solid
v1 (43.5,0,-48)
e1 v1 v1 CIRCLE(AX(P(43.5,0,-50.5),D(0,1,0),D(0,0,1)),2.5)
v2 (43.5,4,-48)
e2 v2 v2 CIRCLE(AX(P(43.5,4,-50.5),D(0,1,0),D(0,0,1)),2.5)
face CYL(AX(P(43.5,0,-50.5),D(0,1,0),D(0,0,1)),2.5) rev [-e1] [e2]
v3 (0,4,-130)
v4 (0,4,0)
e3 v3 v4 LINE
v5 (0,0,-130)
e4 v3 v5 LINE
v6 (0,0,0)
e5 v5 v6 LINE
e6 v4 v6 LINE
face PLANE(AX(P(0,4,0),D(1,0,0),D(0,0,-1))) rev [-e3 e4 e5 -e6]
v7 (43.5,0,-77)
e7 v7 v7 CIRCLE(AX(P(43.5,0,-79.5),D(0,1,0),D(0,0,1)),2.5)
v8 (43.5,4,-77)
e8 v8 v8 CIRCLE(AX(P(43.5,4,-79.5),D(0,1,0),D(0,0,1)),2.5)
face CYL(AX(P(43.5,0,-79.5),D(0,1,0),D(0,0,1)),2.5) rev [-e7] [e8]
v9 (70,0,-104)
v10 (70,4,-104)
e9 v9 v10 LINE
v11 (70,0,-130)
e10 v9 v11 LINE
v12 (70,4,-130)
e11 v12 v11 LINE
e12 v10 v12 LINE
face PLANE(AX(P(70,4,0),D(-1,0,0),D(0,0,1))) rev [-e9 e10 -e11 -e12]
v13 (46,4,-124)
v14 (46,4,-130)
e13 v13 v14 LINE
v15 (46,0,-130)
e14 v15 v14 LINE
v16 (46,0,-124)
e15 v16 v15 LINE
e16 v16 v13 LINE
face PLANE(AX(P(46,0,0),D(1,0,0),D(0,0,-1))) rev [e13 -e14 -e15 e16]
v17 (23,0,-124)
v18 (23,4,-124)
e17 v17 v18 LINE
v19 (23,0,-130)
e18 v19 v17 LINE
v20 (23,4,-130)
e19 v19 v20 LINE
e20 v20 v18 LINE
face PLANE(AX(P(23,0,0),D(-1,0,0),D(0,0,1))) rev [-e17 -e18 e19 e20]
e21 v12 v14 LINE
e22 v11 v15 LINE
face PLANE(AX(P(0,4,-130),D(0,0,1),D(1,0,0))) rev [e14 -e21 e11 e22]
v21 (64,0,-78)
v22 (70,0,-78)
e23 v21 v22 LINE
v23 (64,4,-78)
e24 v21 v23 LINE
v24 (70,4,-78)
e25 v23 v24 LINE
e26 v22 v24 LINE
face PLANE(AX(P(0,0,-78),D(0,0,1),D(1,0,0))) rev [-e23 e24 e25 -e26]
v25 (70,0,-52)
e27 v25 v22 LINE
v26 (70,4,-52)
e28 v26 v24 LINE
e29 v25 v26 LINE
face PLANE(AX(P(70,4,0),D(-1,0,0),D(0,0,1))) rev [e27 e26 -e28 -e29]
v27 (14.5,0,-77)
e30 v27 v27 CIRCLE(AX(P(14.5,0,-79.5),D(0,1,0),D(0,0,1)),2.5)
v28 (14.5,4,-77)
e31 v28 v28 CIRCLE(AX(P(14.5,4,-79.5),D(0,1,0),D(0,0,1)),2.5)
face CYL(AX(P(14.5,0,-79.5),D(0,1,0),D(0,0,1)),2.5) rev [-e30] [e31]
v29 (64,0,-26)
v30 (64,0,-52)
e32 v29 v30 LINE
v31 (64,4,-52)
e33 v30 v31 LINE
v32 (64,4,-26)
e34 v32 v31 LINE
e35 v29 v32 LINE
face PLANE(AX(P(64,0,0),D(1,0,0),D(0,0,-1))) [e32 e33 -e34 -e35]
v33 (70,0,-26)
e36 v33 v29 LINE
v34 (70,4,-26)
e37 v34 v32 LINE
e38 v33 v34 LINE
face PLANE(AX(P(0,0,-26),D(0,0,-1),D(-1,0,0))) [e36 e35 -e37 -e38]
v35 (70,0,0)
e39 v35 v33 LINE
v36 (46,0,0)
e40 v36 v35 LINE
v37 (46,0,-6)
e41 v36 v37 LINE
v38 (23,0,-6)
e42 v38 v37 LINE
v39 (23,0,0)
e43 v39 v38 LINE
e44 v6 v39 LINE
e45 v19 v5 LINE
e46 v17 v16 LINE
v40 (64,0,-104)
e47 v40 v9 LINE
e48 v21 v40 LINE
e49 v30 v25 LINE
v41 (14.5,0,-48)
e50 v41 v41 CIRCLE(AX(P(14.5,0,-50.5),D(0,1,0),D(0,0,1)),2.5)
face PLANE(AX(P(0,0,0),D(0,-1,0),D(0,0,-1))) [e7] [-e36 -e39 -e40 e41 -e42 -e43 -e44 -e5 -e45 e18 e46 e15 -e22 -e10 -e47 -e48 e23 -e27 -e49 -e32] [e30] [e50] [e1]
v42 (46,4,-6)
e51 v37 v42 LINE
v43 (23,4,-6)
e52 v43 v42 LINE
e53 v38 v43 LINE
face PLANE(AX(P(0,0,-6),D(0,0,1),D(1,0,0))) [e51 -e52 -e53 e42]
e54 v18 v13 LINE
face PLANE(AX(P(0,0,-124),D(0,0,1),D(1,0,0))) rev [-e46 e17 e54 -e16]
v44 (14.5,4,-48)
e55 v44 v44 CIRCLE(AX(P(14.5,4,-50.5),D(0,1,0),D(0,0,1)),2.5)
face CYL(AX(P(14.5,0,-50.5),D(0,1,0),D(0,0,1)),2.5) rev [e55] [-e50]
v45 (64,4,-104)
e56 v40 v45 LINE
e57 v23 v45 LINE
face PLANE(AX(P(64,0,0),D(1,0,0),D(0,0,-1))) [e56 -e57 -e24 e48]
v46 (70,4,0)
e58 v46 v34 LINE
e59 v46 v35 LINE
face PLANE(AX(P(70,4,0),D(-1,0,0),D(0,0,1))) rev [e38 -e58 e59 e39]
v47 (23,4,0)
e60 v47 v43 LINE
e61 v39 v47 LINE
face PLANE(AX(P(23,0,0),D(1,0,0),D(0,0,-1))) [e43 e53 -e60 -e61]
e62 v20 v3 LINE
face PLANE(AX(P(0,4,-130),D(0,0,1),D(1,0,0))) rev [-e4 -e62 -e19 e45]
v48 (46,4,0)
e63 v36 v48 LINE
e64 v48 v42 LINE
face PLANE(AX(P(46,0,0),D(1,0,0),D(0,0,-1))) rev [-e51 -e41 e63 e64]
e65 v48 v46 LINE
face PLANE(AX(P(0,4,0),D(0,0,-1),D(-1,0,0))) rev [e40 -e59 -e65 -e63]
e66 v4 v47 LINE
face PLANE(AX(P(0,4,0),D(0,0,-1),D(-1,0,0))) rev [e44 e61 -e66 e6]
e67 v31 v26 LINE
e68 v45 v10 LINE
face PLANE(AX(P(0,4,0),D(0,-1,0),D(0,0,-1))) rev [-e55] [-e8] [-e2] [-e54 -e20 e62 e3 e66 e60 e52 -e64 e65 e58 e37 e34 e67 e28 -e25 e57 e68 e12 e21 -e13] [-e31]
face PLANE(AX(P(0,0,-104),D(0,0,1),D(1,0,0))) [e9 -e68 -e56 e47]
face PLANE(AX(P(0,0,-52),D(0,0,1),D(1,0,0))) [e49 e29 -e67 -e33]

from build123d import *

# Parameters (mm, degrees)
SKETCH1_W           = 70
SKETCH1_H           = 130
BOSS_EXTRUDE1_DEPTH = 4
CUT_EXTRUDE1_DEPTH  = 148.702403501
SKETCH3_W           = 23
SKETCH3_H           = 6
SKETCH3_W_2         = 6
SKETCH3_H_2         = 26
CUT_EXTRUDE2_DEPTH  = 148.702403501


with BuildPart() as part:
    # Sketch1 → Boss-Extrude1 (new body)
    with BuildSketch(Plane(origin=(0, 0, 0), x_dir=(1, 0, 0), z_dir=(0, 1, 0))):
        with Locations((35, 65)):
            Rectangle(SKETCH1_W, SKETCH1_H)
    extrude(amount=BOSS_EXTRUDE1_DEPTH)

    # Sketch2 → Cut-Extrude1 (cut, through all)
    with BuildSketch(Plane(origin=(0, 4, 0), x_dir=(1, 0, 0), z_dir=(0, 1, 0))):
        with BuildLine():
            ThreePointArc((17, 79.5), (12.732233047, 81.267766953), (14.5, 77))
            Line((14.5, 77), (14.5, 79.5))
            Line((14.5, 79.5), (17, 79.5))
        make_face()
        with BuildLine():
            Line((14.5, 79.5), (14.5, 77))
            ThreePointArc((14.5, 77), (16.267766953, 77.732233047), (17, 79.5))
            Line((17, 79.5), (14.5, 79.5))
        make_face()
        with BuildLine():
            Line((14.5, 53), (14.5, 50.5))
            Line((14.5, 50.5), (17, 50.5))
            ThreePointArc((17, 50.5), (16.267766953, 52.267766953), (14.5, 53))
        make_face()
        with BuildLine():
            Line((17, 50.5), (14.5, 50.5))
            Line((14.5, 50.5), (14.5, 53))
            ThreePointArc((14.5, 53), (12.732233047, 48.732233047), (17, 50.5))
        make_face()
        with BuildLine():
            ThreePointArc((43.5, 53), (41.732233047, 52.267766953), (41, 50.5))
            Line((41, 50.5), (43.5, 50.5))
            Line((43.5, 50.5), (43.5, 53))
        make_face()
        with BuildLine():
            Line((43.5, 50.5), (41, 50.5))
            ThreePointArc((41, 50.5), (43.5, 48), (46, 50.5))
            ThreePointArc((46, 50.5), (45.267766953, 52.267766953), (43.5, 53))
            Line((43.5, 53), (43.5, 50.5))
        make_face()
        with BuildLine():
            ThreePointArc((41, 79.5), (41.732233047, 77.732233047), (43.5, 77))
            Line((43.5, 77), (43.5, 79.5))
            Line((43.5, 79.5), (41, 79.5))
        make_face()
        with BuildLine():
            Line((43.5, 79.5), (43.5, 77))
            ThreePointArc((43.5, 77), (45.267766953, 77.732233047), (46, 79.5))
            ThreePointArc((46, 79.5), (43.5, 82), (41, 79.5))
            Line((41, 79.5), (43.5, 79.5))
        make_face()
    extrude(amount=-CUT_EXTRUDE1_DEPTH, mode=Mode.SUBTRACT)

    # Sketch3 → Cut-Extrude2 (cut, through all)
    with BuildSketch(Plane(origin=(0, 4, 0), x_dir=(1, 0, 0), z_dir=(0, 1, 0))):
        with Locations((34.5, 3)):
            Rectangle(SKETCH3_W, SKETCH3_H)
        with Locations((67, 39)):
            Rectangle(SKETCH3_W_2, SKETCH3_H_2)
        with Locations((67, 91)):
            Rectangle(SKETCH3_W_2, SKETCH3_H_2)
        with Locations((34.5, 127)):
            Rectangle(SKETCH3_W, SKETCH3_H)
    extrude(amount=-CUT_EXTRUDE2_DEPTH, mode=Mode.SUBTRACT)


solid = part.part
